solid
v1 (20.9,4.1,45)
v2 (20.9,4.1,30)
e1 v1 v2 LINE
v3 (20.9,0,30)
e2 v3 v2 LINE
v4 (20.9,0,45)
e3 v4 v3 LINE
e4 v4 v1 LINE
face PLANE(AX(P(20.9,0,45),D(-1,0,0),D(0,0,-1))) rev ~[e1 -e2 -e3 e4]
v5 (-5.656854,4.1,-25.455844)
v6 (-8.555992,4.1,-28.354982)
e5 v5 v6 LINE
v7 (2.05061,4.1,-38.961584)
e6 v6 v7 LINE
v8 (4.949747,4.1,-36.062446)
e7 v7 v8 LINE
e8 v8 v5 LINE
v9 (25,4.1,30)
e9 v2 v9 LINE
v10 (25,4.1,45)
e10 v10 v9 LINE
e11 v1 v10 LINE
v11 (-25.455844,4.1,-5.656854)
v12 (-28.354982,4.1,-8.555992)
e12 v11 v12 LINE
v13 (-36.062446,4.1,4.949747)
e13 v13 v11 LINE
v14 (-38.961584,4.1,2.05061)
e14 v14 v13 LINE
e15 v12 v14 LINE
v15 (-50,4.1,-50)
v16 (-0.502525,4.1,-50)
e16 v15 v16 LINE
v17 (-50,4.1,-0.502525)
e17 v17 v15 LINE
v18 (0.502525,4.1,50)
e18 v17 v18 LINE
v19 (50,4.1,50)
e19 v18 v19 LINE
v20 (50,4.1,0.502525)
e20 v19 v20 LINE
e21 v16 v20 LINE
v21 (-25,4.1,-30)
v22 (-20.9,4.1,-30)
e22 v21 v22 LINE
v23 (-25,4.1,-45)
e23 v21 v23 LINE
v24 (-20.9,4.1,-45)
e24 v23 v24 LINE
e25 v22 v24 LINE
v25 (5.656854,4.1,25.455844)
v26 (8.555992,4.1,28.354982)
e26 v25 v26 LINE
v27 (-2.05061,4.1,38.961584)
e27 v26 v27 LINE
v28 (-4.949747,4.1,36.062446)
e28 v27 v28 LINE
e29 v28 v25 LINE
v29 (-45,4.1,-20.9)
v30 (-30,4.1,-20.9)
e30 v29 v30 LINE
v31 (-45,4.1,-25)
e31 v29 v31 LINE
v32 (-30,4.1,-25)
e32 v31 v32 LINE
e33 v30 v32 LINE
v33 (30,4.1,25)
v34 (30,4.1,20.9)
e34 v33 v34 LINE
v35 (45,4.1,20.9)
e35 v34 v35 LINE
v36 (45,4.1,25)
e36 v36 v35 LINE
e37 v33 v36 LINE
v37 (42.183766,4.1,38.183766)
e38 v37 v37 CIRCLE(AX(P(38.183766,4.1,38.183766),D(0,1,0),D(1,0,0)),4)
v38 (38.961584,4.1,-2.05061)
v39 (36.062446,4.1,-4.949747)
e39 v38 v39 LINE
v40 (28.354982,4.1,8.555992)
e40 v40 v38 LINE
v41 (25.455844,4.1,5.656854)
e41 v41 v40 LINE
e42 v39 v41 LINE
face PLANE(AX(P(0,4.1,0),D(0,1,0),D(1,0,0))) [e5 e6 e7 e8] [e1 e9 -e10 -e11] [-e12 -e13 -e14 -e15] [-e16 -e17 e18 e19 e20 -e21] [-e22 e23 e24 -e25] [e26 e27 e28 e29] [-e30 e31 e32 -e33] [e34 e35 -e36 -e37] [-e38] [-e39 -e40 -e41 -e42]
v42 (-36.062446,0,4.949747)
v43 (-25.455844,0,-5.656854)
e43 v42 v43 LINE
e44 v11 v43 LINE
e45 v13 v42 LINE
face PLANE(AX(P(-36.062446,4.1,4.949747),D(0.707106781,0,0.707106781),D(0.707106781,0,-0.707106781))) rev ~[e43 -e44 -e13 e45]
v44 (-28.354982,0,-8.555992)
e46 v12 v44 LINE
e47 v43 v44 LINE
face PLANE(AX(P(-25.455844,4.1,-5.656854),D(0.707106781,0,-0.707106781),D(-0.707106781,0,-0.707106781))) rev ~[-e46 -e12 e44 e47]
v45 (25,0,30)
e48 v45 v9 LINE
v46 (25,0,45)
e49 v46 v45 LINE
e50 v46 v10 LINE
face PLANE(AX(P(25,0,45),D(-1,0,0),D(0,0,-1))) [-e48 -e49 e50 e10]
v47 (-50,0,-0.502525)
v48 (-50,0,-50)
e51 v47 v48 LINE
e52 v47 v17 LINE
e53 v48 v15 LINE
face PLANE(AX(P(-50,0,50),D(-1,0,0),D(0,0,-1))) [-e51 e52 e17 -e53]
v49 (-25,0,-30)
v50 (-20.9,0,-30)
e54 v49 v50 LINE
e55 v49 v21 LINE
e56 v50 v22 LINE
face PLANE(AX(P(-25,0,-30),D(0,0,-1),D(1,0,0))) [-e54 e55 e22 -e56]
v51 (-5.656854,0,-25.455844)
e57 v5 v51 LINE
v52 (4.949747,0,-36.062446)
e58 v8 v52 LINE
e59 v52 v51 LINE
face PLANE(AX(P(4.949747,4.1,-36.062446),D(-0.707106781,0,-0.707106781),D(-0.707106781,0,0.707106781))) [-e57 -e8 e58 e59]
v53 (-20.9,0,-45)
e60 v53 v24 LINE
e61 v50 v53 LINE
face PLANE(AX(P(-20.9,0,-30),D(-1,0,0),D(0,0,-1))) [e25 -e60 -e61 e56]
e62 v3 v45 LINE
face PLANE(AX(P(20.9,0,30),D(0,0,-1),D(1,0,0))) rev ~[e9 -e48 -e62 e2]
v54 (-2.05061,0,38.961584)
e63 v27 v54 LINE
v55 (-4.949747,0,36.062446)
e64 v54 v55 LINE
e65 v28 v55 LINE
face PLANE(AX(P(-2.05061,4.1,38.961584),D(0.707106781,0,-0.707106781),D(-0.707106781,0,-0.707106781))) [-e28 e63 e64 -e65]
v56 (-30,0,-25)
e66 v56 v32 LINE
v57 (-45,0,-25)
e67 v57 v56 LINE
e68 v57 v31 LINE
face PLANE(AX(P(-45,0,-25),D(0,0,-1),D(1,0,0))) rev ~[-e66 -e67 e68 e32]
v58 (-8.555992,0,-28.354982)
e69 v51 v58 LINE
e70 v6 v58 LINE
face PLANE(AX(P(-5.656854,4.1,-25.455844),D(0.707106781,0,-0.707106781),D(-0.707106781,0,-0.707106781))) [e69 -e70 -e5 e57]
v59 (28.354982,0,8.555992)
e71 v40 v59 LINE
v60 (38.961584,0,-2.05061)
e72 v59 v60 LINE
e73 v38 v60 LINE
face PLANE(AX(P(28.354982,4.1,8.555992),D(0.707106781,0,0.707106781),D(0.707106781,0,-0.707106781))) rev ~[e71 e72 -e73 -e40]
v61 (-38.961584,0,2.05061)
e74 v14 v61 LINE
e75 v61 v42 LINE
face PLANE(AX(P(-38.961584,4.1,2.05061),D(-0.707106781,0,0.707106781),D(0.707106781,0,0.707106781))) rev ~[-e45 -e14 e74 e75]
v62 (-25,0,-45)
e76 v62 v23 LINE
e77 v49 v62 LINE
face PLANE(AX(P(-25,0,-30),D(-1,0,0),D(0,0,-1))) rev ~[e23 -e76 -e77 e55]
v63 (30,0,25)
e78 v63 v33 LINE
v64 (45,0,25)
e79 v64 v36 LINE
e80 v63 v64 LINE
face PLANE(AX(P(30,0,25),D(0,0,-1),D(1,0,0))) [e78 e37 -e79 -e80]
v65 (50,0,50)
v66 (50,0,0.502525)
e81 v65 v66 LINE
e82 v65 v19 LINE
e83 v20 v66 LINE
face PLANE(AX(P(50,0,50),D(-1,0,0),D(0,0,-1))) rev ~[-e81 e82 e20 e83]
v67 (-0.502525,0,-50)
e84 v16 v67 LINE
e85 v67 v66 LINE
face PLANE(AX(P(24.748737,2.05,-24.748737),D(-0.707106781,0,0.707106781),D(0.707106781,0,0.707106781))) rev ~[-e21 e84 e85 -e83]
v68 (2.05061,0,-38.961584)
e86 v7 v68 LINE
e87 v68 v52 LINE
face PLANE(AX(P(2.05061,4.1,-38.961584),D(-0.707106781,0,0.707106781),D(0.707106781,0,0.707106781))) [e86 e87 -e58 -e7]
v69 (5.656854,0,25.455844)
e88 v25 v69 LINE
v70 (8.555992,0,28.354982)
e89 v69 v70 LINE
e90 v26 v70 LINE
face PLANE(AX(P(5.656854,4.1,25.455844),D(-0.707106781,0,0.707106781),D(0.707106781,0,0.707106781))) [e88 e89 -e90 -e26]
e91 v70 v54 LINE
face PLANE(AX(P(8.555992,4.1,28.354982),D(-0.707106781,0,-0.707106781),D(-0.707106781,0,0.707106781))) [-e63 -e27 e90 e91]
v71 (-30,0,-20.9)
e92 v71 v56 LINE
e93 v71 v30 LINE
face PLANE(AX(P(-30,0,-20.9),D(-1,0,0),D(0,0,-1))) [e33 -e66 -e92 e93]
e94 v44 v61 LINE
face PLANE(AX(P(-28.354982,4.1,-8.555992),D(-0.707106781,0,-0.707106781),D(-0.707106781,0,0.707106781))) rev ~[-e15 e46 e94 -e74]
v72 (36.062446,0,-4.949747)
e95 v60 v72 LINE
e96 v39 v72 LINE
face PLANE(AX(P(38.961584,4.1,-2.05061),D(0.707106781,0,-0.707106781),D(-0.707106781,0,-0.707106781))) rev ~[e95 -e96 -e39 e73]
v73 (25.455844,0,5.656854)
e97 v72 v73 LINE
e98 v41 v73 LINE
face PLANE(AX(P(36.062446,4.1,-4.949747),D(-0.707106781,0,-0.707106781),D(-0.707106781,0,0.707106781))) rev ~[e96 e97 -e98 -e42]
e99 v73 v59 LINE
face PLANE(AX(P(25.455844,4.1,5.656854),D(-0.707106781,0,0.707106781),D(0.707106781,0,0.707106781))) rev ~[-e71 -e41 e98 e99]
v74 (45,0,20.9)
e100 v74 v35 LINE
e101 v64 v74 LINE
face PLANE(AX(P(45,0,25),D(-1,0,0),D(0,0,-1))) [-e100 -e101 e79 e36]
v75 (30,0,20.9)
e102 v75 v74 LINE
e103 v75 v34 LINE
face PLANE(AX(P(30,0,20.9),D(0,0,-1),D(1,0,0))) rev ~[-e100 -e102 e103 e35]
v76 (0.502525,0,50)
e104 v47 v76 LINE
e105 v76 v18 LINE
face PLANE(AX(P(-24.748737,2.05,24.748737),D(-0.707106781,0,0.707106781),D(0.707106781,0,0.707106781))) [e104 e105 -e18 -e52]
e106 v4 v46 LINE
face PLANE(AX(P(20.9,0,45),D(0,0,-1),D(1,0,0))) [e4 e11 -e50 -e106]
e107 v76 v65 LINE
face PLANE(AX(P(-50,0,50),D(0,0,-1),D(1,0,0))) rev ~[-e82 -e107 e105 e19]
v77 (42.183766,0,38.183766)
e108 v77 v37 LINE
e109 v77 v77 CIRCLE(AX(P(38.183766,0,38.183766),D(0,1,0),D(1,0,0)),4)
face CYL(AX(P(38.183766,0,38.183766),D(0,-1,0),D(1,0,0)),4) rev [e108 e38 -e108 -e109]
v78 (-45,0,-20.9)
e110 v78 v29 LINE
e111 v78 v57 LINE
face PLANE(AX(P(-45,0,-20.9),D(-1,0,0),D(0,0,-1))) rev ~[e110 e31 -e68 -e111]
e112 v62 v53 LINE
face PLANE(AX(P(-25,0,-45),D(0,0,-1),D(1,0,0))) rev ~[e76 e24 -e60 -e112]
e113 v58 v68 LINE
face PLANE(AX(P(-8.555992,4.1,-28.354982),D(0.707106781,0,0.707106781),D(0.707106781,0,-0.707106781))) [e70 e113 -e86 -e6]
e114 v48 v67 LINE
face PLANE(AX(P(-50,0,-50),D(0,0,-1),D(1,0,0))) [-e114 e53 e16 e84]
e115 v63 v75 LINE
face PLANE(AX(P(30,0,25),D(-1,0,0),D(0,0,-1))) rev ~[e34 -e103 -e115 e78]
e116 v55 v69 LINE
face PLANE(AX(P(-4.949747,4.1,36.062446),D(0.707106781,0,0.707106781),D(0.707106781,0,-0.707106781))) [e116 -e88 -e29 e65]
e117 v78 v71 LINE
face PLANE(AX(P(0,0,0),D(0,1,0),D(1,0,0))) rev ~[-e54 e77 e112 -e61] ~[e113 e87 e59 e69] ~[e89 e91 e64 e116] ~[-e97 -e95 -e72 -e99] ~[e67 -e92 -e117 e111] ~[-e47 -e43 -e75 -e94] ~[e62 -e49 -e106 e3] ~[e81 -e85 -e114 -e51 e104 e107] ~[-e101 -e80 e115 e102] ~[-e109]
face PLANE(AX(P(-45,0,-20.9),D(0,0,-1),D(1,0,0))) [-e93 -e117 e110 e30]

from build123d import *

# Parameters (mm, degrees)
SKETCH1_W           = 100
SKETCH1_H           = 100
SKETCH1_R           = 4
SKETCH1_W_2         = 4.1
SKETCH1_H_2         = 15
SKETCH1_W_3         = 15
SKETCH1_H_3         = 4.1
BOSS_EXTRUDE1_DEPTH = 4.1
CUT_EXTRUDE1_START  = 35
SKETCH2_W           = 141.421356238
SKETCH2_H           = 4.1
CUT_EXTRUDE1_DEPTH  = 35.710678
CUT_EXTRUDE2_REACH  = 107.711
CUT_EXTRUDE2_START  = -35
SKETCH3_W           = 141.421356238
SKETCH3_H           = 4.1
CUT_EXTRUDE3_DEPTH  = 5.1


with BuildPart() as part:
    # Sketch1 → Boss-Extrude1 (new body)
    with BuildSketch(Plane(origin=(0, 0, 0), x_dir=(1, 0, 0), z_dir=(0, 1, 0))):
        Rectangle(SKETCH1_W, SKETCH1_H)
        with Locations((38.183766184, -38.183766184)):
            Circle(SKETCH1_R, mode=Mode.SUBTRACT)
        with Locations((-22.95, 37.5)):
            Rectangle(SKETCH1_W_2, SKETCH1_H_2, mode=Mode.SUBTRACT)
        with Locations((-37.5, 22.95)):
            Rectangle(SKETCH1_W_3, SKETCH1_H_3, mode=Mode.SUBTRACT)
        with Locations((37.5, -22.95)):
            Rectangle(SKETCH1_W_3, SKETCH1_H_3, mode=Mode.SUBTRACT)
        with Locations((22.95, -37.5)):
            Rectangle(SKETCH1_W_2, SKETCH1_H_2, mode=Mode.SUBTRACT)
        with Locations((37.5, 22.95)):
            Rectangle(SKETCH1_W_3, SKETCH1_H_3, mode=Mode.SUBTRACT)
        with Locations((-37.5, -22.95)):
            Rectangle(SKETCH1_W_3, SKETCH1_H_3, mode=Mode.SUBTRACT)
        with Locations((22.95, 37.5)):
            Rectangle(SKETCH1_W_2, SKETCH1_H_2, mode=Mode.SUBTRACT)
        with Locations((-22.95, -37.5)):
            Rectangle(SKETCH1_W_2, SKETCH1_H_2, mode=Mode.SUBTRACT)
    extrude(amount=BOSS_EXTRUDE1_DEPTH)

    # Sketch2 → Cut-Extrude1 (cut)
    with BuildSketch(Plane(origin=(0, 0, 0), x_dir=(0.707106781, 0, 0.707106781), z_dir=(-0.707106781, 0, 0.707106781)).offset(CUT_EXTRUDE1_START)):
        with Locations((0, 2.05)):
            Rectangle(SKETCH2_W, SKETCH2_H)
    extrude(amount=CUT_EXTRUDE1_DEPTH, mode=Mode.SUBTRACT)

    # Sketch3 → Cut-Extrude2 (cut, up to next)
    with BuildSketch(Plane(origin=(0, 0, 0), x_dir=(0.707106781, 0, 0.707106781), z_dir=(-0.707106781, 0, 0.707106781)).offset(CUT_EXTRUDE2_START), mode=Mode.PRIVATE) as cut_extrude2_sk1:
        with Locations((0, 2.05)):
            Rectangle(SKETCH3_W, SKETCH3_H)
    cut_extrude2_tool1 = extrude(cut_extrude2_sk1.sketch, amount=-CUT_EXTRUDE2_REACH, mode=Mode.PRIVATE) & part.part
    add(cut_extrude2_tool1.solids().sort_by_distance((24.748737, 2.05, -24.748737))[0], mode=Mode.SUBTRACT)

    # Sketch4 → Cut-Extrude3 (cut, through all)
    with BuildSketch(Plane(origin=(0, 4.1, 0), x_dir=(1, 0, 0), z_dir=(0, 1, 0))):
        Polygon((-38.961583643, -2.050609665), (-36.062445841, -4.949747468), (-25.455844123, 5.656854249), (-28.354981926, 8.555992052), align=None)
        Polygon((8.555992052, -28.354981926), (-2.050609665, -38.961583643), (-4.949747468, -36.062445841), (5.656854249, -25.455844123), align=None)
        Polygon((38.961583643, 2.050609665), (36.062445841, 4.949747468), (25.455844123, -5.656854249), (28.354981926, -8.555992052), align=None)
        Polygon((-8.555992052, 28.354981926), (2.050609665, 38.961583643), (4.949747468, 36.062445841), (-5.656854249, 25.455844123), align=None)
    extrude(amount=-CUT_EXTRUDE3_DEPTH, mode=Mode.SUBTRACT)


solid = part.part
